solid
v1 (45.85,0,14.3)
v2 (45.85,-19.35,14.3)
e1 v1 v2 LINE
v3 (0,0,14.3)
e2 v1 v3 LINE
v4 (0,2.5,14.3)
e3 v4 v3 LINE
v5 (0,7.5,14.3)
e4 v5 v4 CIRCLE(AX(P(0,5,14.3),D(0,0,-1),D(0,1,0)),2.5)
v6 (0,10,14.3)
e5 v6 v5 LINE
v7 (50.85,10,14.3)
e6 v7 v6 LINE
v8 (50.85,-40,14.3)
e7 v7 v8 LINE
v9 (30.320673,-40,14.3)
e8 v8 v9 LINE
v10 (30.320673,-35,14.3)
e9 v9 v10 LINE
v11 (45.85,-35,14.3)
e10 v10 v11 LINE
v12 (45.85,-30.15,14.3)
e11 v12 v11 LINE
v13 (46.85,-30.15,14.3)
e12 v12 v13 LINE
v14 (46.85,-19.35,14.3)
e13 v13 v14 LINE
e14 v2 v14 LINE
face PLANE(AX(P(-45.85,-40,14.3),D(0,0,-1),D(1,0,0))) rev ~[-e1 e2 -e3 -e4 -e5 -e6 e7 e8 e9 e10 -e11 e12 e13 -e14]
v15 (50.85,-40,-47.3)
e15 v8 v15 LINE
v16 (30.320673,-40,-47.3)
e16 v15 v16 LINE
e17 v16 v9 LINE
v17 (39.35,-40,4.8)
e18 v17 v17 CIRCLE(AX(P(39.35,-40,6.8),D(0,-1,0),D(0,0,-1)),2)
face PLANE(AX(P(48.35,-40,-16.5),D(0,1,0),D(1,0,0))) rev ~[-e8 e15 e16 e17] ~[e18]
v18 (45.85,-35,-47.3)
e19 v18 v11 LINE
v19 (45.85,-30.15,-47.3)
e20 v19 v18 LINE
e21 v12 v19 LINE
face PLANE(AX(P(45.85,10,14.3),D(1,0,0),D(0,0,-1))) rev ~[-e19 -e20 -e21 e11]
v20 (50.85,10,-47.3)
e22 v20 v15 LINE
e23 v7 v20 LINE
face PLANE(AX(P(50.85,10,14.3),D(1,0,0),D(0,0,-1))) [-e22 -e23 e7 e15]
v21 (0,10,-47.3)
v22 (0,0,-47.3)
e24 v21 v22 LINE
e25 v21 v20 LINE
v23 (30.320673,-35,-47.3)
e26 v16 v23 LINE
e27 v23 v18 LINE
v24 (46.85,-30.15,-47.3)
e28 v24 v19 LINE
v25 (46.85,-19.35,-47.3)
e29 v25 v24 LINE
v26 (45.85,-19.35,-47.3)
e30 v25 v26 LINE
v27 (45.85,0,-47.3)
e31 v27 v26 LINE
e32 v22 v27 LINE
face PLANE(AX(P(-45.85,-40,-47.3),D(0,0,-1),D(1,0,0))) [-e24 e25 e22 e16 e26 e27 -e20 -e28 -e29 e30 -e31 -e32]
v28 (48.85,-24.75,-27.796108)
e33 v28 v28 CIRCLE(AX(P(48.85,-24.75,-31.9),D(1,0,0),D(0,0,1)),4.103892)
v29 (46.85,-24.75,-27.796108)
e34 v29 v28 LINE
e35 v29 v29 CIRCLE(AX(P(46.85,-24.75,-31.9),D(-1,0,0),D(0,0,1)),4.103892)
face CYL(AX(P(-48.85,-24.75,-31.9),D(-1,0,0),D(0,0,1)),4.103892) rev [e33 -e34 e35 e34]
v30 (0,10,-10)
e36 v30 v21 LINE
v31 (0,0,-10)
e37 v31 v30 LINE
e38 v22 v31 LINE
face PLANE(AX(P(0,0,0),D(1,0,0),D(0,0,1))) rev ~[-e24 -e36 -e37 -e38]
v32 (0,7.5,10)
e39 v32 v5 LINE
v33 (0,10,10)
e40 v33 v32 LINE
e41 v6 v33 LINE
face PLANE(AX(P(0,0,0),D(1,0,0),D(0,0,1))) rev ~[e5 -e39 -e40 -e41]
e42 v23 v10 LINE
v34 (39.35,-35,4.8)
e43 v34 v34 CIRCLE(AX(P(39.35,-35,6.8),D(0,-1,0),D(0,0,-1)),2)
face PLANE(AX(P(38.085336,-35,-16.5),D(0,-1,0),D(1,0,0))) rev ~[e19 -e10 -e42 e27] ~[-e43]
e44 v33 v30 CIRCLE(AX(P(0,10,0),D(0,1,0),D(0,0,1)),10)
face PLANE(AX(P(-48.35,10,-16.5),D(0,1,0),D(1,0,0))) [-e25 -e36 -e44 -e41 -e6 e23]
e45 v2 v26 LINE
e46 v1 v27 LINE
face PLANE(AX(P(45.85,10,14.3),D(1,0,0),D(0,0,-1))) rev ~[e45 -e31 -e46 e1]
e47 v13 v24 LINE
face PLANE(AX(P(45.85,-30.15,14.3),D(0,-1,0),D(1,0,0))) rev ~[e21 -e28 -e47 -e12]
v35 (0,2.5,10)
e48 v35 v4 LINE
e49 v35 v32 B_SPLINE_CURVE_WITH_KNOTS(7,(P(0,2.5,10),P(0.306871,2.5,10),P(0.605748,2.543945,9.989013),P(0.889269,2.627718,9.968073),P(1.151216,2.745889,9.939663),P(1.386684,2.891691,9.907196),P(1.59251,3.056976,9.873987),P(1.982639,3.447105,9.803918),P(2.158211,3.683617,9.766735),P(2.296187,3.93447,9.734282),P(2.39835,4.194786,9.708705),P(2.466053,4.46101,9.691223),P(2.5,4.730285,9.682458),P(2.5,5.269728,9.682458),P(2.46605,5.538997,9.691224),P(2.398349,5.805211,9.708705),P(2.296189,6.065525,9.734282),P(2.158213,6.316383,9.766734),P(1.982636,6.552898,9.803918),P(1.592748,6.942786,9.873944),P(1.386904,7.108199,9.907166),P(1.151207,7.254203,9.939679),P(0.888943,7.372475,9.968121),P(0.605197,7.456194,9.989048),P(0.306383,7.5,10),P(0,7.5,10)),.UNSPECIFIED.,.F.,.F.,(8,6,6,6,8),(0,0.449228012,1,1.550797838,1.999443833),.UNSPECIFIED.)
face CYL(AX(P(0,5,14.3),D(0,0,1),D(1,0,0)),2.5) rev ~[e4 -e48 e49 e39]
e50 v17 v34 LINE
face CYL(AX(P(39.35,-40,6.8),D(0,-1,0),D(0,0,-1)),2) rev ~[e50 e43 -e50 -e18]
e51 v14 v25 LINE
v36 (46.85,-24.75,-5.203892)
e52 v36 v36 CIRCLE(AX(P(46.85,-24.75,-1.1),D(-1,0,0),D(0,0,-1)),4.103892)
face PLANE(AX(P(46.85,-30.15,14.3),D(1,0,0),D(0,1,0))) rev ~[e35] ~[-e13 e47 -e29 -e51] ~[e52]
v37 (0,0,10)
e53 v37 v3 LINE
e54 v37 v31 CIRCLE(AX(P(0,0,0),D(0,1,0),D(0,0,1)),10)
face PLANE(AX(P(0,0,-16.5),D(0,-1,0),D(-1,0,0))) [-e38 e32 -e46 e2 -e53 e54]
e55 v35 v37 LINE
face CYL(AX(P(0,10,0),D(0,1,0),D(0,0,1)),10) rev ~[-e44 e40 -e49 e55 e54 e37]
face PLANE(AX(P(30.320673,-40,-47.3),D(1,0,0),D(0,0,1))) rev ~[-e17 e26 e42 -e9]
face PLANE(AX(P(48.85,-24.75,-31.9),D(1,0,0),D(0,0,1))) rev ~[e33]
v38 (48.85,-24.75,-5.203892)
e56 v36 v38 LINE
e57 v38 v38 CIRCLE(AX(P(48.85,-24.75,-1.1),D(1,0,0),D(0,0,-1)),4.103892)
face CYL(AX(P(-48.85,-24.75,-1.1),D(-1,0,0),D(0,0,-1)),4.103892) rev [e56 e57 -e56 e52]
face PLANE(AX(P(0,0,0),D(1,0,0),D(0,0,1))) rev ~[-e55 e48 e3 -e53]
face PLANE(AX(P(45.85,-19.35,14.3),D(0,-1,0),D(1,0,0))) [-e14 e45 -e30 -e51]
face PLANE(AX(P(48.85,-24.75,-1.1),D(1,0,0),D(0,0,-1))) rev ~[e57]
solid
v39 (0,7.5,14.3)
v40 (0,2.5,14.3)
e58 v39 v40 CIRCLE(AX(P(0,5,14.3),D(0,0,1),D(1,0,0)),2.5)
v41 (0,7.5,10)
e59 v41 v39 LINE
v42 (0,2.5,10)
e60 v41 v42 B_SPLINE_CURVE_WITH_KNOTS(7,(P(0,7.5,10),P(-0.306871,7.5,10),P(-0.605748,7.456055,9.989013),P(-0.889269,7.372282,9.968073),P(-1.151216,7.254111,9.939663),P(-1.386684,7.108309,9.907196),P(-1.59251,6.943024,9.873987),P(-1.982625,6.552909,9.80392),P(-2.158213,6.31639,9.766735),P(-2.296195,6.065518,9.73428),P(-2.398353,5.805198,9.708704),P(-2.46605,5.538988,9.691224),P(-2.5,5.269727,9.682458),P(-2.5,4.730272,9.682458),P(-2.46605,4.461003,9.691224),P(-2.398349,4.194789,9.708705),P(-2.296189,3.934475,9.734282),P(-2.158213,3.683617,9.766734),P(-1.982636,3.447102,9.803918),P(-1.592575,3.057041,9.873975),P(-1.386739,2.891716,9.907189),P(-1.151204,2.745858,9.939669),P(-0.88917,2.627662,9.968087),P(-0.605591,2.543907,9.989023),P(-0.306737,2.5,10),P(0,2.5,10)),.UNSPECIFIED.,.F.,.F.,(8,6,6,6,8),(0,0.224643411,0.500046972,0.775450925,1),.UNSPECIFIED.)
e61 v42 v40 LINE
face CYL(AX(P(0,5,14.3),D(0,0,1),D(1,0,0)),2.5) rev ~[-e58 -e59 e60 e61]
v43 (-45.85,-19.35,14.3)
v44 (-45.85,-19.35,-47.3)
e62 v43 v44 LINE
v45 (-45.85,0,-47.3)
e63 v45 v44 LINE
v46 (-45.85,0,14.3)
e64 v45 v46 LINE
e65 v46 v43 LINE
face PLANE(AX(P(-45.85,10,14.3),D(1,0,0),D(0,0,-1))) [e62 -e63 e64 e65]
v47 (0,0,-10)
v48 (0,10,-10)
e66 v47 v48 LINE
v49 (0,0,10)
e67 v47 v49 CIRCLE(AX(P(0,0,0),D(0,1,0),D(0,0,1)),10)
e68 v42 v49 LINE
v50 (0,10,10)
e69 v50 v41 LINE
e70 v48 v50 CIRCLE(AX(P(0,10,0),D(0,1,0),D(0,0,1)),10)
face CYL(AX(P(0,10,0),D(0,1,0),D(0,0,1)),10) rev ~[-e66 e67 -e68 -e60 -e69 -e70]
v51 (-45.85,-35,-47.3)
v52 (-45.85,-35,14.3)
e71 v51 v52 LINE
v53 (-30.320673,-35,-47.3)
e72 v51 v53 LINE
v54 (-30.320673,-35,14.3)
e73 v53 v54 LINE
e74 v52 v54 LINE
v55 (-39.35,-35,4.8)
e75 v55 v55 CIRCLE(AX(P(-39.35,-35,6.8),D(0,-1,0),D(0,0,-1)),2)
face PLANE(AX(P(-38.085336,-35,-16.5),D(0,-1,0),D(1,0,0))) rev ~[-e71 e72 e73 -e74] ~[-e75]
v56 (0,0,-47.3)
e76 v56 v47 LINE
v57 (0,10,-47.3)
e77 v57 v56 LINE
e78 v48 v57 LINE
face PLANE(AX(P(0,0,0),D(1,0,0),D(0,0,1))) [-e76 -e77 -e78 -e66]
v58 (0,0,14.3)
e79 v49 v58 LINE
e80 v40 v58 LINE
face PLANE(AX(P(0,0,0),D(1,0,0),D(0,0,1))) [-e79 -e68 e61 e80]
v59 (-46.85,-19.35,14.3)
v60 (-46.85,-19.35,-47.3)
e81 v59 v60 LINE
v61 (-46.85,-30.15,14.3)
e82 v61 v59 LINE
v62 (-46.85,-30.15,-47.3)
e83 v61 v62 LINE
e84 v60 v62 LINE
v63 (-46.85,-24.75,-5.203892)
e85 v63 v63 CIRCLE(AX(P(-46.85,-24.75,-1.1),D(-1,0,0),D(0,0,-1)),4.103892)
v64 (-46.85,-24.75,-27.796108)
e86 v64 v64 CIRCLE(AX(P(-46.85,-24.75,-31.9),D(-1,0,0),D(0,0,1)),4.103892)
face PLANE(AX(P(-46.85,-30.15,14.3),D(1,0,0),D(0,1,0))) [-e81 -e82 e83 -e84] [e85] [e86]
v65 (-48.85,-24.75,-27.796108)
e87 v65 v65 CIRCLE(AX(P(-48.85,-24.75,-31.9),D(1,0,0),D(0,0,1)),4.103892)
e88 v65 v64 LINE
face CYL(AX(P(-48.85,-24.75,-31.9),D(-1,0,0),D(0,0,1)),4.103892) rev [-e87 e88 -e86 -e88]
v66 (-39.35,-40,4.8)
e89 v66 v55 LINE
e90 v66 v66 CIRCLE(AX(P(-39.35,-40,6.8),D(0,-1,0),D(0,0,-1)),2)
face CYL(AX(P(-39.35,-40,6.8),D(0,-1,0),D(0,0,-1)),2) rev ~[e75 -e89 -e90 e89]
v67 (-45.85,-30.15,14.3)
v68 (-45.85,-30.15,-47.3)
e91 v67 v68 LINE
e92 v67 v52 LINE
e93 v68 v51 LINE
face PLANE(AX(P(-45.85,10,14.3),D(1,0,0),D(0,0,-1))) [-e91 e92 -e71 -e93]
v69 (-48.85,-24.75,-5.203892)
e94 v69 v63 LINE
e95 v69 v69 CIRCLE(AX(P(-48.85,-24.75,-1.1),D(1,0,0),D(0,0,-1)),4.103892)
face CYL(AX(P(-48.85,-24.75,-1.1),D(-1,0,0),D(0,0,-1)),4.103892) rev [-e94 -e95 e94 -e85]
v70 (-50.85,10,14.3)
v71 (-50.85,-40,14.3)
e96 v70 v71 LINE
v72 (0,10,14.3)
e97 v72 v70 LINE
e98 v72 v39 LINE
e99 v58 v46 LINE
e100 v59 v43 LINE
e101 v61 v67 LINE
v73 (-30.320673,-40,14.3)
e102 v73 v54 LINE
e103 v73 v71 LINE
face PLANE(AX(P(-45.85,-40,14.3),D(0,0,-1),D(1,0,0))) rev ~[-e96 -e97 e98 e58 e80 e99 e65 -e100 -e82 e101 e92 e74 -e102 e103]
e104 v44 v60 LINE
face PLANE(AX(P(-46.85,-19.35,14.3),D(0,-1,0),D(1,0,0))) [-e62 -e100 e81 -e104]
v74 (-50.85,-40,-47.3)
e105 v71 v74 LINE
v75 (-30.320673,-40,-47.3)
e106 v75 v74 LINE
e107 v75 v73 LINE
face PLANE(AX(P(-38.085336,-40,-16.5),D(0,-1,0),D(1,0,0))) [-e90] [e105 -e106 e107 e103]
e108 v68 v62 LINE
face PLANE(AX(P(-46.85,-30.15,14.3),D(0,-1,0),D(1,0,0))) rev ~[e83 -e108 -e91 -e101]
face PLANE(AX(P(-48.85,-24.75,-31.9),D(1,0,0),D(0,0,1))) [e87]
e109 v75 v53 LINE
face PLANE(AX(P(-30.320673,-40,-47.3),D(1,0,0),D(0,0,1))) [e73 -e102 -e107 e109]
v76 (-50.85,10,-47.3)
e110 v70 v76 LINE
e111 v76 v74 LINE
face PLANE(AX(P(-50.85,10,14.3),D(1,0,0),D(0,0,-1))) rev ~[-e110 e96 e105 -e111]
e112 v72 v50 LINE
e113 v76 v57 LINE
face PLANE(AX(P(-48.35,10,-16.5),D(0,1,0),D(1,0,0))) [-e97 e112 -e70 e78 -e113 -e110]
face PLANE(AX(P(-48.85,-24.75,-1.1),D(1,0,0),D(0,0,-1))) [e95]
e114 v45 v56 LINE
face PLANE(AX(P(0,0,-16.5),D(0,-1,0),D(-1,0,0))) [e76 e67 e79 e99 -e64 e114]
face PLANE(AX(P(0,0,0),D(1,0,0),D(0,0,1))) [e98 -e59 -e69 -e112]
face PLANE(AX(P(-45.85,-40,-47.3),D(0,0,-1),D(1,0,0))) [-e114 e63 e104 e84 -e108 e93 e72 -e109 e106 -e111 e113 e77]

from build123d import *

# Parameters (mm, degrees)
SALIENTE_EXTRUIR1_DEPTH    = 10
CROQUIS3_R                 = 10
CORTAR_EXTRUIR1_DEPTH      = 10
CROQUIS4_R                 = 2.5
CORTAR_EXTRUIR2_DEPTH      = 10
CROQUIS6_W                 = 5
CROQUIS6_H                 = 61.6
SALIENTE_EXTRUIR2_DEPTH    = 50
CROQUIS7_W                 = 15.529327094
CROQUIS7_H                 = 61.6
SALIENTE_EXTRUIR3_DEPTH    = 5
CROQUIS8_R                 = 2
CORTAR_EXTRUIR3_DEPTH      = 10
CROQUIS9_W                 = 1
CROQUIS9_H                 = 10.8
CORTAR_EXTRUIR4_DEPTH      = 100
CORTAR_EXTRUIR5_DEPTH      = 95.7
CORTAR_EXTRUIR5_DEPTH_BACK = 2
CROQUIS11_R                = 4.103892148


with BuildPart() as part:
    # Croquis1 → Saliente-Extruir1 (new body)
    with BuildSketch(Plane(origin=(0, 0, 0), x_dir=(1, 0, 0), z_dir=(0, 1, 0))):
        Polygon((-45.85, 14.3), (-45.85, 47.3), (45.85, 47.3), (45.85, 14.3), (45.85, -14.3), (-45.85, -14.3), align=None)
    extrude(amount=SALIENTE_EXTRUIR1_DEPTH)

    # Croquis3 → Cortar-Extruir1 (cut)
    with BuildSketch(Plane(origin=(0, 10, 0), x_dir=(1, 0, 0), z_dir=(0, 1, 0))):
        with Locations(Location((0, 0, 0), (0, 0, 270))):
            Circle(CROQUIS3_R)
    extrude(amount=-CORTAR_EXTRUIR1_DEPTH, mode=Mode.SUBTRACT)

    # Croquis4 → Cortar-Extruir2 (cut)
    with BuildSketch(Plane.XY.offset(14.3)):
        with Locations((0, 5)):
            Circle(CROQUIS4_R)
    extrude(amount=-CORTAR_EXTRUIR2_DEPTH, mode=Mode.SUBTRACT)

    # Croquis6 → Saliente-Extruir2 (add)
    with BuildSketch(Plane(origin=(0, 10, 0), x_dir=(1, 0, 0), z_dir=(0, 1, 0))):
        with Locations((-48.35, 16.5)):
            Rectangle(CROQUIS6_W, CROQUIS6_H)
        with Locations((48.35, 16.5)):
            Rectangle(CROQUIS6_W, CROQUIS6_H)
    extrude(amount=-SALIENTE_EXTRUIR2_DEPTH)

    # Croquis7 → Saliente-Extruir3 (add)
    with BuildSketch(Plane.XZ.offset(40)):
        with Locations((-38.085336453, -16.5)):
            Rectangle(CROQUIS7_W, CROQUIS7_H)
        with Locations((38.085336453, -16.5)):
            Rectangle(CROQUIS7_W, CROQUIS7_H)
    extrude(amount=-SALIENTE_EXTRUIR3_DEPTH)

    # Croquis8 → Cortar-Extruir3 (cut)
    with BuildSketch(Plane.XZ.offset(40)):
        with Locations(Location((-39.35, 6.8, 0), (0, 0, 270))):
            Circle(CROQUIS8_R)
        with Locations(Location((39.35, 6.8, 0), (0, 0, 270))):
            Circle(CROQUIS8_R)
    extrude(amount=-CORTAR_EXTRUIR3_DEPTH, mode=Mode.SUBTRACT)

    # Croquis9 → Cortar-Extruir4 (cut)
    with BuildSketch(Plane.XY.offset(14.3)):
        with Locations((-46.35, -24.75)):
            Rectangle(CROQUIS9_W, CROQUIS9_H)
        with Locations((46.35, -24.75)):
            Rectangle(CROQUIS9_W, CROQUIS9_H)
    extrude(amount=-CORTAR_EXTRUIR4_DEPTH, mode=Mode.SUBTRACT)

    # Croquis11 → Cortar-Extruir5 (cut, two sides: drawn at the far end of the back side and taken through both)
    with BuildSketch(Plane(origin=(-46.85, 0, 0), x_dir=(0, 0, -1), z_dir=(1, 0, 0)).offset(-CORTAR_EXTRUIR5_DEPTH_BACK)):
        with Locations((1.1, -24.75)):
            Circle(CROQUIS11_R)
        with Locations(Location((31.9, -24.75, 0), (0, 0, 180))):
            Circle(CROQUIS11_R)
    extrude(amount=CORTAR_EXTRUIR5_DEPTH + CORTAR_EXTRUIR5_DEPTH_BACK, mode=Mode.SUBTRACT)


with BuildPart() as body_2:
    # Partir1: the piece on the far side of the plane
    add(part.part)
    split(bisect_by=Plane(origin=(0, 0, 0), x_dir=(0, 0, 1), z_dir=(1, 0, 0)), keep=Keep.BOTTOM)


with BuildPart() as part_1:
    add(part.part)

    # Partir1
    split(bisect_by=Plane(origin=(0, 0, 0), x_dir=(0, 0, 1), z_dir=(1, 0, 0)), keep=Keep.TOP)


solid = Compound([body_2.part, part_1.part])
